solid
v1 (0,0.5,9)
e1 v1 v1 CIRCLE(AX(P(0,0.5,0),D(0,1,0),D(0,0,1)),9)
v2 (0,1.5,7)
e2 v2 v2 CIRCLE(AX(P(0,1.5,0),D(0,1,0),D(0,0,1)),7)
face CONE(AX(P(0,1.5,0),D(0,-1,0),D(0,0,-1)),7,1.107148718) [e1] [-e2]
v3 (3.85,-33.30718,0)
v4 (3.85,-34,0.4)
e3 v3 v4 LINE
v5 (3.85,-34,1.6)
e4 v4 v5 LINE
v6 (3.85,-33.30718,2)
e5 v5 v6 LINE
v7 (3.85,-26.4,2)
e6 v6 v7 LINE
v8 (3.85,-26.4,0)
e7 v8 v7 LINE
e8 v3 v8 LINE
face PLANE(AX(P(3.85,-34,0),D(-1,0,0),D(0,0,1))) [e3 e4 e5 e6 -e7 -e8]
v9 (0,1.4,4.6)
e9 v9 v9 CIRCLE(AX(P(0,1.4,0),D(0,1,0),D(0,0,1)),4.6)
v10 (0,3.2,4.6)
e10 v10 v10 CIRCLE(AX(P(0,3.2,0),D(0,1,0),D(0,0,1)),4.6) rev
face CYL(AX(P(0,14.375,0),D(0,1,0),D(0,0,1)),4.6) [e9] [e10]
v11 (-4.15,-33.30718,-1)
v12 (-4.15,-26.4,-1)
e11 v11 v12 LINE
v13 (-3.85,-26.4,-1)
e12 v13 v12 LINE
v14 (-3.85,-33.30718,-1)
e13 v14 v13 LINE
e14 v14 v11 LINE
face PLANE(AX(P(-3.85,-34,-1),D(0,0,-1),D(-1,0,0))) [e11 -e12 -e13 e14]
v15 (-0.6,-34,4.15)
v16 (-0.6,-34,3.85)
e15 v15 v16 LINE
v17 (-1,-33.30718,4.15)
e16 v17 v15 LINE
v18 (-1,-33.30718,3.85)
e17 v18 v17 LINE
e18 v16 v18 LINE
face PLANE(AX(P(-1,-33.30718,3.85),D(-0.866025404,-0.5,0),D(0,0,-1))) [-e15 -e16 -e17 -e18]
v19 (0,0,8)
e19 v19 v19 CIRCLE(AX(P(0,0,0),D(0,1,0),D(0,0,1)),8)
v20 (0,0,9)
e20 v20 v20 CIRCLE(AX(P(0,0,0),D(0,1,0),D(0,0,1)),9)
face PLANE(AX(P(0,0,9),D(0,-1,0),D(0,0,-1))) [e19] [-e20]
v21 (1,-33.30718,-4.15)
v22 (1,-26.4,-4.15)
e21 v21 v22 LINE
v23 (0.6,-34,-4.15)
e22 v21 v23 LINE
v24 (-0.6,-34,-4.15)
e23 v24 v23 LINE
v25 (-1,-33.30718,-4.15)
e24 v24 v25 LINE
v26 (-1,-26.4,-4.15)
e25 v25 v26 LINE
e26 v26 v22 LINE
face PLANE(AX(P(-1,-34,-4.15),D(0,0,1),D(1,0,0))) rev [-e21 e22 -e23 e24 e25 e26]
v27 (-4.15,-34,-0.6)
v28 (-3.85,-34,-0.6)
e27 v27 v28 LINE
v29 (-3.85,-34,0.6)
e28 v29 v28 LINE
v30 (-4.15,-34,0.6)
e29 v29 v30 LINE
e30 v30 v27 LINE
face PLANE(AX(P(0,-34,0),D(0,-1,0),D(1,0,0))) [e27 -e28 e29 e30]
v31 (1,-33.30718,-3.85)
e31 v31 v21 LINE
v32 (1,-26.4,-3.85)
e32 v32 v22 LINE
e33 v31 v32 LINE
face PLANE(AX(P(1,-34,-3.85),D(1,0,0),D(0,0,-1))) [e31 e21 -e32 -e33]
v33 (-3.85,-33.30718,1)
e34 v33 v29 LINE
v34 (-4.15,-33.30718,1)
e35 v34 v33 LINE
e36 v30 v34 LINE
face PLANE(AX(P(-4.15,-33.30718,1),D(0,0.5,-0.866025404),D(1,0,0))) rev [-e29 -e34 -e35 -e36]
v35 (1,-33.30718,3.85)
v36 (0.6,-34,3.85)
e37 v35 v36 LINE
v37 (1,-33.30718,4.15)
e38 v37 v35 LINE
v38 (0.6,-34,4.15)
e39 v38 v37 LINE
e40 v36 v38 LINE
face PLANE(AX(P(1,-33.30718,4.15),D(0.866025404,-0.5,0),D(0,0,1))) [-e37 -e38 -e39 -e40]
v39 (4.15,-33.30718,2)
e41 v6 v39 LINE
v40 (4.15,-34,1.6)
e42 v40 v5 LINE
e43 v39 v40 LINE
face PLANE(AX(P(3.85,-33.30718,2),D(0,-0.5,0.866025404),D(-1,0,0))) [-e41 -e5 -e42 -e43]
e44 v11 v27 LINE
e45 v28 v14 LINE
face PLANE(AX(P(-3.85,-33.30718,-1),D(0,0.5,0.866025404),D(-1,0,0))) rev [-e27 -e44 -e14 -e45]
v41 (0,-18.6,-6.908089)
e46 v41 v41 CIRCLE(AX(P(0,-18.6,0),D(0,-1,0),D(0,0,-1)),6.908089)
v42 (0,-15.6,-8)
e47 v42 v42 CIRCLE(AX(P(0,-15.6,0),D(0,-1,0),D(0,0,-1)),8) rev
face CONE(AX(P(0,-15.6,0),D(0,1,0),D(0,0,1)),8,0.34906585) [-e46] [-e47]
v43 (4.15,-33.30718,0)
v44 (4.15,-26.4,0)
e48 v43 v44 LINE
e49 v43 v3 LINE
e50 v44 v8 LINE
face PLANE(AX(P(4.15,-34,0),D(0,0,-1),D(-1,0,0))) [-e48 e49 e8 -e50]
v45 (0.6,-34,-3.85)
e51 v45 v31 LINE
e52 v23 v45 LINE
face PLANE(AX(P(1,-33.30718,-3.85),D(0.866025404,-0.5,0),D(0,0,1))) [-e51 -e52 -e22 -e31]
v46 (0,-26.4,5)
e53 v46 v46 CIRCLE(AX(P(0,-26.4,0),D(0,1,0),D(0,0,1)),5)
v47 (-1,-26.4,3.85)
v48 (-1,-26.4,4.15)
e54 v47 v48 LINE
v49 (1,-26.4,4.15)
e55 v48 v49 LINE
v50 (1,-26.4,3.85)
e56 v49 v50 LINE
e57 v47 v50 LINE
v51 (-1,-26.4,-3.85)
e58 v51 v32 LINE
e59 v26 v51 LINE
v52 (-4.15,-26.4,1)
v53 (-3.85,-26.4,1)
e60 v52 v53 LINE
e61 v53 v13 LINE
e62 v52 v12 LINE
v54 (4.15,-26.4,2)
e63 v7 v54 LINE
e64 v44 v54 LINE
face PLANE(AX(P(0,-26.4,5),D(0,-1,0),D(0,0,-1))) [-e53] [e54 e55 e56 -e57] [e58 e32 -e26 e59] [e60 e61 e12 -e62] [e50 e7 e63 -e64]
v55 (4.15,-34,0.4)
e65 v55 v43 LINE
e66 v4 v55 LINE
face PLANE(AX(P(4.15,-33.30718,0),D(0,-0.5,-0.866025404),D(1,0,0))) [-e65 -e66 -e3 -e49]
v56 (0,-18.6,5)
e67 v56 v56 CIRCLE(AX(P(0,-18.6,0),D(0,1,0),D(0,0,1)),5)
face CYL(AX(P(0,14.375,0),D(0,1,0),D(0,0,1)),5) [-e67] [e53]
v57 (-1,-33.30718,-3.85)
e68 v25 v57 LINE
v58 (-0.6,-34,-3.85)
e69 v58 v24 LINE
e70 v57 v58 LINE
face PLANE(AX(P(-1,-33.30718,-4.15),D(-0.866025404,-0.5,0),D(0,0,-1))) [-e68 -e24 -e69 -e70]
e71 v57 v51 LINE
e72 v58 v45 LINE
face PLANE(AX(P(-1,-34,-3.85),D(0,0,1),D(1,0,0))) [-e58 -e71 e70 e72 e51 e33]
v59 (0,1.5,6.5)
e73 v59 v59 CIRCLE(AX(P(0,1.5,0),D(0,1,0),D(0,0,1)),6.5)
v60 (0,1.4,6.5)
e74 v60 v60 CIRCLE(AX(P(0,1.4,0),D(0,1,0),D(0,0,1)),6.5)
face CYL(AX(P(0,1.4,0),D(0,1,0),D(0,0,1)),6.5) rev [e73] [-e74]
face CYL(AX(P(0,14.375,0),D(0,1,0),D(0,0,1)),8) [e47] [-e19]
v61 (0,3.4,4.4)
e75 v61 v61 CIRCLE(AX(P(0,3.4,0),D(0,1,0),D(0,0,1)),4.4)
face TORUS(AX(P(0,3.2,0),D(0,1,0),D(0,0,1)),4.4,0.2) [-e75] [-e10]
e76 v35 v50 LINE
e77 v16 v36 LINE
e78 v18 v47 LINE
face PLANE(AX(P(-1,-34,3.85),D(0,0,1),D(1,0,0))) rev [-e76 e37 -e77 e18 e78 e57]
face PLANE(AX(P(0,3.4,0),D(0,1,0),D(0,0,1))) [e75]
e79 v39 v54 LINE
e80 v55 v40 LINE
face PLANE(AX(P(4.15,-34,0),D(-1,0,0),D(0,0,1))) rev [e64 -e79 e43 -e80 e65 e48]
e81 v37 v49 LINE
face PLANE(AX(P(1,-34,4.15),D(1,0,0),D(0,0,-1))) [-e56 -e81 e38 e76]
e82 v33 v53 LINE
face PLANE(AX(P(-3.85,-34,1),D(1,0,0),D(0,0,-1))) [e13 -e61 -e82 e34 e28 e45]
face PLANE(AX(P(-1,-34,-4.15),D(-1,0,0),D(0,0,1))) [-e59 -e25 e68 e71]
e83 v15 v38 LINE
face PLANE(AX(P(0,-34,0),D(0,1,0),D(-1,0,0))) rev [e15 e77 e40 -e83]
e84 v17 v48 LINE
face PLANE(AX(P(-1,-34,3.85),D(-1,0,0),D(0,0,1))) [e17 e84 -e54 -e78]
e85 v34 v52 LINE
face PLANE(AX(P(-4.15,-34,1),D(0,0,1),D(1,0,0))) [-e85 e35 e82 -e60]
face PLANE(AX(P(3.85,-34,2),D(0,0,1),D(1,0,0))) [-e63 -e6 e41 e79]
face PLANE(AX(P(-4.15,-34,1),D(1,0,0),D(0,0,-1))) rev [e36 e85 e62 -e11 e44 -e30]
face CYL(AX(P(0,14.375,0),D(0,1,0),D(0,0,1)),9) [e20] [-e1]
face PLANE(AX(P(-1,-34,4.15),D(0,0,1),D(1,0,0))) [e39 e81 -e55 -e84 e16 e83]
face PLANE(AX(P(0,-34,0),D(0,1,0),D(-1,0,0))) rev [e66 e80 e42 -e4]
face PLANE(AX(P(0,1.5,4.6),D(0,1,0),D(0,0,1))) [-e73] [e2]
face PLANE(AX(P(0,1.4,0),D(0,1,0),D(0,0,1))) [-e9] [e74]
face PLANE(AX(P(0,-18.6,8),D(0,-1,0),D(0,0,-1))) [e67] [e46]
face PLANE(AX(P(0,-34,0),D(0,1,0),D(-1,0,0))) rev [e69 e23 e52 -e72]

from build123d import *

# Parameters (mm, degrees)
FILLET1_R             = 0.2
SKETCH2_R             = 6.5
SKETCH2_R_2           = 4.6
CUT_EXTRUDE1_DEPTH    = 0.1
SKETCH3_W             = 2
SKETCH3_H             = 0.3
SKETCH3_W_2           = 0.3
SKETCH3_H_2           = 2
EXTRUDE_THIN1_DEPTH   = 7.6
CHAMFER1_SIZE         = 0.4
CHAMFER1_SIZE2        = 0.692820323
CHAMFER1_PART_2_SIZE  = 0.4
CHAMFER1_PART_2_SIZE2 = 0.692820323
CHAMFER1_PART_3_SIZE  = 0.4
CHAMFER1_PART_3_SIZE2 = 0.692820323
CHAMFER1_PART_4_SIZE  = 0.4
CHAMFER1_PART_4_SIZE2 = 0.692820323
CHAMFER2_SIZE         = 3
CHAMFER2_SIZE2        = 1.091910703


with BuildPart() as part:
    # Sketch1 → Revolve1 (revolve)
    with BuildSketch(Plane(origin=(0, 0, 0), x_dir=(0, 0, -1), z_dir=(1, 0, 0))):
        Polygon((0, 3.4), (-4.6, 3.4), (-4.6, 1.5), (-7, 1.5), (-9, 0.5), (-9, 0), (-8, 0), (-8, -18.6), (-5, -18.6), (-5, -26.4), (0, -26.4), align=None)
    revolve(axis=Axis((0, 14.375, 0), (0, -1, 0)))

    # Fillet1
    fillet1_edges = [part.edges().sort_by_distance(p)[0] for p in [
        (0, 3.4, -4.6),
    ]]
    fillet(fillet1_edges, radius=FILLET1_R)

    # Sketch2 → Cut-Extrude1 (cut)
    with BuildSketch(Plane(origin=(0, 1.5, 0), x_dir=(1, 0, 0), z_dir=(0, 1, 0))):
        Circle(SKETCH2_R)
        Circle(SKETCH2_R_2, mode=Mode.SUBTRACT)
    extrude(amount=-CUT_EXTRUDE1_DEPTH, mode=Mode.SUBTRACT)

    # Sketch3 → Extrude-Thin1 (add)
    with BuildSketch(Plane.XZ.offset(26.4)):
        with Locations((0, 4)):
            Rectangle(SKETCH3_W, SKETCH3_H)
        with Locations((0, -4)):
            Rectangle(SKETCH3_W, SKETCH3_H)
        with Locations((-4, 0)):
            Rectangle(SKETCH3_W_2, SKETCH3_H_2)
        with Locations((4, 1)):
            Rectangle(SKETCH3_W_2, SKETCH3_H_2)
    extrude(amount=EXTRUDE_THIN1_DEPTH)

    # Chamfer1
    chamfer1_edges = [part.edges().sort_by_distance(p)[0] for p in [
        (1, -34, 4),
        (-1, -34, 4),
    ]]
    chamfer1_side = [part.faces().sort_by_distance(p)[0] for p in [
        (0, -34, 4),
    ]]
    chamfer(chamfer1_edges, length=CHAMFER1_SIZE, length2=CHAMFER1_SIZE2, reference=chamfer1_side[0])

    # Chamfer1 part 2
    chamfer1_part_2_edges = [part.edges().sort_by_distance(p)[0] for p in [
        (1, -34, -4),
        (-1, -34, -4),
    ]]
    chamfer1_part_2_side = [part.faces().sort_by_distance(p)[0] for p in [
        (0, -34, -4),
    ]]
    chamfer(chamfer1_part_2_edges, length=CHAMFER1_PART_2_SIZE, length2=CHAMFER1_PART_2_SIZE2, reference=chamfer1_part_2_side[0])

    # Chamfer1 part 3
    chamfer1_part_3_edges = [part.edges().sort_by_distance(p)[0] for p in [
        (-4, -34, -1),
        (-4, -34, 1),
    ]]
    chamfer1_part_3_side = [part.faces().sort_by_distance(p)[0] for p in [
        (-4, -34, 0),
    ]]
    chamfer(chamfer1_part_3_edges, length=CHAMFER1_PART_3_SIZE, length2=CHAMFER1_PART_3_SIZE2, reference=chamfer1_part_3_side[0])

    # Chamfer1 part 4
    chamfer1_part_4_edges = [part.edges().sort_by_distance(p)[0] for p in [
        (4, -34, 2),
        (4, -34, 0),
    ]]
    chamfer1_part_4_side = [part.faces().sort_by_distance(p)[0] for p in [
        (4, -34, 1),
    ]]
    chamfer(chamfer1_part_4_edges, length=CHAMFER1_PART_4_SIZE, length2=CHAMFER1_PART_4_SIZE2, reference=chamfer1_part_4_side[0])

    # Chamfer2
    chamfer2_edges = [part.edges().sort_by_distance(p)[0] for p in [
        (0, -18.6, -8),
    ]]
    chamfer2_side = [part.faces().sort_by_distance(p)[0] for p in [
        (0, -9.3, -8),
    ]]
    chamfer(chamfer2_edges, length=CHAMFER2_SIZE, length2=CHAMFER2_SIZE2, reference=chamfer2_side[0])


solid = part.part
